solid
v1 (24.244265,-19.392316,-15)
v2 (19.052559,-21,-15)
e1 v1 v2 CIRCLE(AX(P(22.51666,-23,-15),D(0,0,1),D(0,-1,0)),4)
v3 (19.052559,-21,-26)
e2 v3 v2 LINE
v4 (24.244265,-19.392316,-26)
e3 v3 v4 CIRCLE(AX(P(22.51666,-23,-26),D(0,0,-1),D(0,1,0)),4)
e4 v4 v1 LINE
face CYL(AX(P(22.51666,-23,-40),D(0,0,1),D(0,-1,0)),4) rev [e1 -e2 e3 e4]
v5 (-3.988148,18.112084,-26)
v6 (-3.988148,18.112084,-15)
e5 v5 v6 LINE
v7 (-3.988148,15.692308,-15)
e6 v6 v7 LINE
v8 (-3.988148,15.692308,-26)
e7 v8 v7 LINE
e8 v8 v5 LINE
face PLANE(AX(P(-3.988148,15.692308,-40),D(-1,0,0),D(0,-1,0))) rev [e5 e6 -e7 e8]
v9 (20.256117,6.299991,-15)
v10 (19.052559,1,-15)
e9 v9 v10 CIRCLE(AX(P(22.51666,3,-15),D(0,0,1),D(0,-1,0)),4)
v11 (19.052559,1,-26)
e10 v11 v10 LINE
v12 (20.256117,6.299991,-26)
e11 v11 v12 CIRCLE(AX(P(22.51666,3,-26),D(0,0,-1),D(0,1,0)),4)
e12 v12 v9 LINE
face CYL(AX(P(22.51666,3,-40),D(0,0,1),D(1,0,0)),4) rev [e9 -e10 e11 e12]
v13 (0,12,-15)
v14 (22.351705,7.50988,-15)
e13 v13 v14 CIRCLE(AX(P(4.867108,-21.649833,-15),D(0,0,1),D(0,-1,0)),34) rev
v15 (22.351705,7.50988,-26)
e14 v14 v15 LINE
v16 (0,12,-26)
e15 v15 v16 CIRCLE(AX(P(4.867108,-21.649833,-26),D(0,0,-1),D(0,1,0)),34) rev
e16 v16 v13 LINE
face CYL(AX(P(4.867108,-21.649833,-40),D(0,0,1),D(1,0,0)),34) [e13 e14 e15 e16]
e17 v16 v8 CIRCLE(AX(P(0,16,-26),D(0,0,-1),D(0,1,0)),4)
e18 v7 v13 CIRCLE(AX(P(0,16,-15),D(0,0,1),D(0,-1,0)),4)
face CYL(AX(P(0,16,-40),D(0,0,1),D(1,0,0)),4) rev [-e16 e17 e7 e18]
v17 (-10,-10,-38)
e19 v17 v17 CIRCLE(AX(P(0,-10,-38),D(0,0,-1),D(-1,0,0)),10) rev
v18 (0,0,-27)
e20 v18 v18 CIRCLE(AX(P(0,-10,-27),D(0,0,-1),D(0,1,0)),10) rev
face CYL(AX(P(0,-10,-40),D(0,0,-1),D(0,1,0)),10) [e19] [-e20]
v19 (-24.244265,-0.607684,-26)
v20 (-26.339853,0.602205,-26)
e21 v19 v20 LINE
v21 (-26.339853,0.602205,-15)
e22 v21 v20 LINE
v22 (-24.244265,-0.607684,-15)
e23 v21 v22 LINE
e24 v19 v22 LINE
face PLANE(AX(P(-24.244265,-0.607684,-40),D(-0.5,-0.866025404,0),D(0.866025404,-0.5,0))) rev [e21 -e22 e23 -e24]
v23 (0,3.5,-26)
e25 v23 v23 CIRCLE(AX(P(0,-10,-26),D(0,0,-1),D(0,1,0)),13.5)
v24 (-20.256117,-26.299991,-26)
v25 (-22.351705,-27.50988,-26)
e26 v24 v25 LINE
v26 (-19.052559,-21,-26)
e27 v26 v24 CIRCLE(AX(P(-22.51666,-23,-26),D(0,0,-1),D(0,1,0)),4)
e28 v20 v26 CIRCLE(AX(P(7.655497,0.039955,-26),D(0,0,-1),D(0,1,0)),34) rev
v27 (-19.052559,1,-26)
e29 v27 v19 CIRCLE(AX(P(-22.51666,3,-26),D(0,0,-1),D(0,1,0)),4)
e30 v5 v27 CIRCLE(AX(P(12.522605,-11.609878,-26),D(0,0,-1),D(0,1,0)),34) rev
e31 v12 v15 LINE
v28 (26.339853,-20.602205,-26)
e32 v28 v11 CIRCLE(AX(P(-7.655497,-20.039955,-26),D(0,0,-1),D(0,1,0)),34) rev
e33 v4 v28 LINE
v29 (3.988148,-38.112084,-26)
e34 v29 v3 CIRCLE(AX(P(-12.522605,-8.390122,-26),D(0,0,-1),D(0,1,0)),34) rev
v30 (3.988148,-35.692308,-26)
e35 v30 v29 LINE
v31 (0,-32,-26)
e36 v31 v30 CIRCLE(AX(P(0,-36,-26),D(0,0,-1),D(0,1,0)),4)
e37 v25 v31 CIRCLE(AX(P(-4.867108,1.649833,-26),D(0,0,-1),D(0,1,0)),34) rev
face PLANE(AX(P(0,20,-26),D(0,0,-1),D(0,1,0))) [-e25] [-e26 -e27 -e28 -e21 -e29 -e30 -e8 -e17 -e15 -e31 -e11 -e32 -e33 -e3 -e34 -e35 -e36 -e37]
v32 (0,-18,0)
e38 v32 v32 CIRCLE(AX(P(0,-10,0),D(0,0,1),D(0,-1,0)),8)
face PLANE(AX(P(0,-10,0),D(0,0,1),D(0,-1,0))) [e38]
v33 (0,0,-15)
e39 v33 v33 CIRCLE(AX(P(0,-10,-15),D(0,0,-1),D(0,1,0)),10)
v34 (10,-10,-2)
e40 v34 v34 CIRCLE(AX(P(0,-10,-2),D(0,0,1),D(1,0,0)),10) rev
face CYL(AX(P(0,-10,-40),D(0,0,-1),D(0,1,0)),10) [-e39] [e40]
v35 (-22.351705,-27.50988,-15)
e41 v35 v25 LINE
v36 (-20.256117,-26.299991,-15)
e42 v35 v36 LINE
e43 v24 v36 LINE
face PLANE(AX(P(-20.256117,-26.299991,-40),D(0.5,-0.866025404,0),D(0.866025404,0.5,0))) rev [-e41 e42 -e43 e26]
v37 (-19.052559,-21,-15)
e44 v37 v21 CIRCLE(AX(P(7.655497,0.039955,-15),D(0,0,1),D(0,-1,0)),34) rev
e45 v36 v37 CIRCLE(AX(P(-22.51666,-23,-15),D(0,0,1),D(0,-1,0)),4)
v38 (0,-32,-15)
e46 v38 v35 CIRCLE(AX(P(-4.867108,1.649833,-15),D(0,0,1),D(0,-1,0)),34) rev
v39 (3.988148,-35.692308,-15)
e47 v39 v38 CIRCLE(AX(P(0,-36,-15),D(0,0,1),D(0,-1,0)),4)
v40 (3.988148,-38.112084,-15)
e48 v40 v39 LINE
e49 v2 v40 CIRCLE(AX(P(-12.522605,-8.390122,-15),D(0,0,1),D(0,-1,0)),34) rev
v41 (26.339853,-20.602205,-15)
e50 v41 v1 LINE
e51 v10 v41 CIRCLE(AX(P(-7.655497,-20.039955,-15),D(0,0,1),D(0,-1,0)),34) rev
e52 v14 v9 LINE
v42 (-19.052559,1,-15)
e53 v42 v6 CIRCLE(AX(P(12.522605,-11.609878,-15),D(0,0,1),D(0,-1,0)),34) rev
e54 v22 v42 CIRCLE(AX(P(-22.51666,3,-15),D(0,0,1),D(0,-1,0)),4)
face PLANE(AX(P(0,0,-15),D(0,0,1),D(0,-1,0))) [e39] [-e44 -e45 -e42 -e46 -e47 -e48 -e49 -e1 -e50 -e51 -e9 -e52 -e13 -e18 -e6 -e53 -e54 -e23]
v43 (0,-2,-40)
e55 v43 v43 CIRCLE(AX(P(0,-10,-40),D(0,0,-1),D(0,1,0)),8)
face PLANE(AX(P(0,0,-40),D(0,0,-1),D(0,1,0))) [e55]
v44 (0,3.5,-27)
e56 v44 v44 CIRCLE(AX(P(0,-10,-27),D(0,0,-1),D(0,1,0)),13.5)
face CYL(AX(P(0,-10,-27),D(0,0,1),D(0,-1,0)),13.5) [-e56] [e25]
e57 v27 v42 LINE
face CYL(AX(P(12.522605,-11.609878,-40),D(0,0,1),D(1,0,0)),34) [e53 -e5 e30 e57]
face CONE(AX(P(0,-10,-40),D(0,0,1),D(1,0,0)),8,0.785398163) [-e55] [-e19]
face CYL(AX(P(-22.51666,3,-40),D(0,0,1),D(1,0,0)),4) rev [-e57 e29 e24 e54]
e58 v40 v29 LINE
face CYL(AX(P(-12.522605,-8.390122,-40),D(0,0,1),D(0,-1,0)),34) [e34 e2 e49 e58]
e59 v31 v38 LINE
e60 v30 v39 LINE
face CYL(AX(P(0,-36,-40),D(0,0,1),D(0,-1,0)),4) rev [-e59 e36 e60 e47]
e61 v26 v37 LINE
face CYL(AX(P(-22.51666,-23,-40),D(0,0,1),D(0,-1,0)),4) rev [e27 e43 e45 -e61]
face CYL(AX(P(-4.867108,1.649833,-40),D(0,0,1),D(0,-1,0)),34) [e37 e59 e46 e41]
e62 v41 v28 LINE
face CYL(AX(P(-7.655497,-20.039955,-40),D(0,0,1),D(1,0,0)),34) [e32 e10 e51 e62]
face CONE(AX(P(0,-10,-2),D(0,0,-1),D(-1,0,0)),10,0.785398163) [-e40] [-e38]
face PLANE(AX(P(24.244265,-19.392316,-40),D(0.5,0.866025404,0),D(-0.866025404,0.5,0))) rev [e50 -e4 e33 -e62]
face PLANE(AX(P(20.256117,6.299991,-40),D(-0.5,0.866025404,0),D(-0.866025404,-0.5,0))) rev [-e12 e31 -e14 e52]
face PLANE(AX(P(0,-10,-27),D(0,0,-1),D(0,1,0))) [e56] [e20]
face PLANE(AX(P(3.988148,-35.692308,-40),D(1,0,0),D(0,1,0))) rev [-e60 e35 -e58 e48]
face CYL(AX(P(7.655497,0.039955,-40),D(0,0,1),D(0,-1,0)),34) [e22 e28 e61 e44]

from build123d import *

# Parameters (mm, degrees)
SKETCH_4_R               = 13.5
EXTRUDE_1_DEPTH          = 1
CHAMFER_1_SIZE           = 2
CUT_EXTRUDE_1_DEPTH      = 65.031242374
PATTERN_CIRCULAR_1_COUNT = 6


with BuildPart() as part:
    # 草圖3 → 旋轉1 (revolve)
    with BuildSketch(Plane(origin=(0, 0, 0), x_dir=(0, 0, -1), z_dir=(1, 0, 0))):
        Polygon((0, 0), (15, 0), (15, 20), (26, 20), (26, 0), (40, 0), (40, -10), (0, -10), align=None)
    revolve(axis=Axis((0, -10, -40), (0, 0, 1)))

    # 草圖4 → 填料-伸長1 (add)
    with BuildSketch(Plane(origin=(0, 0, -26), x_dir=(-1, 0, 0), z_dir=(0, 0, -1))):
        with Locations(Location((0, -10, 0), (0, 0, 90))):
            Circle(SKETCH_4_R)
    extrude(amount=EXTRUDE_1_DEPTH)

    # 導角1
    chamfer_1_edges = [part.edges().sort_by_distance(p)[0] for p in [
        (0, -20, -40),
        (0, -20, 0),
    ]]
    chamfer(chamfer_1_edges, length=CHAMFER_1_SIZE)

    # 草圖1 → 除料-伸長1 (cut, through all)
    with BuildSketch(Plane.XY):
        with BuildLine():
            Line((-3.988148122, 15.692307692), (-3.988148122, 19.733729577))
            ThreePointArc((-3.988148122, 19.733729577), (13.235915698, 16.922305541), (25.980762114, 5))
            ThreePointArc((25.980762114, 5), (13.7123081, 11.179459253), (0, 12))
            ThreePointArc((0, 12), (-2.717464882, 13.064802457), (-3.988148122, 15.692307692))
        make_face()
    cut_extrude_1 = extrude(amount=-CUT_EXTRUDE_1_DEPTH, mode=Mode.SUBTRACT)

    # 環狀複製排列1: 除料-伸長1 ×6 about axis
    pattern_circular_1_axis = Axis((0, -10, 0), (0, 0, 1))
    for i in range(1, PATTERN_CIRCULAR_1_COUNT):
        add(cut_extrude_1.rotate(pattern_circular_1_axis, i * 360 / PATTERN_CIRCULAR_1_COUNT), mode=Mode.SUBTRACT)


solid = part.part
